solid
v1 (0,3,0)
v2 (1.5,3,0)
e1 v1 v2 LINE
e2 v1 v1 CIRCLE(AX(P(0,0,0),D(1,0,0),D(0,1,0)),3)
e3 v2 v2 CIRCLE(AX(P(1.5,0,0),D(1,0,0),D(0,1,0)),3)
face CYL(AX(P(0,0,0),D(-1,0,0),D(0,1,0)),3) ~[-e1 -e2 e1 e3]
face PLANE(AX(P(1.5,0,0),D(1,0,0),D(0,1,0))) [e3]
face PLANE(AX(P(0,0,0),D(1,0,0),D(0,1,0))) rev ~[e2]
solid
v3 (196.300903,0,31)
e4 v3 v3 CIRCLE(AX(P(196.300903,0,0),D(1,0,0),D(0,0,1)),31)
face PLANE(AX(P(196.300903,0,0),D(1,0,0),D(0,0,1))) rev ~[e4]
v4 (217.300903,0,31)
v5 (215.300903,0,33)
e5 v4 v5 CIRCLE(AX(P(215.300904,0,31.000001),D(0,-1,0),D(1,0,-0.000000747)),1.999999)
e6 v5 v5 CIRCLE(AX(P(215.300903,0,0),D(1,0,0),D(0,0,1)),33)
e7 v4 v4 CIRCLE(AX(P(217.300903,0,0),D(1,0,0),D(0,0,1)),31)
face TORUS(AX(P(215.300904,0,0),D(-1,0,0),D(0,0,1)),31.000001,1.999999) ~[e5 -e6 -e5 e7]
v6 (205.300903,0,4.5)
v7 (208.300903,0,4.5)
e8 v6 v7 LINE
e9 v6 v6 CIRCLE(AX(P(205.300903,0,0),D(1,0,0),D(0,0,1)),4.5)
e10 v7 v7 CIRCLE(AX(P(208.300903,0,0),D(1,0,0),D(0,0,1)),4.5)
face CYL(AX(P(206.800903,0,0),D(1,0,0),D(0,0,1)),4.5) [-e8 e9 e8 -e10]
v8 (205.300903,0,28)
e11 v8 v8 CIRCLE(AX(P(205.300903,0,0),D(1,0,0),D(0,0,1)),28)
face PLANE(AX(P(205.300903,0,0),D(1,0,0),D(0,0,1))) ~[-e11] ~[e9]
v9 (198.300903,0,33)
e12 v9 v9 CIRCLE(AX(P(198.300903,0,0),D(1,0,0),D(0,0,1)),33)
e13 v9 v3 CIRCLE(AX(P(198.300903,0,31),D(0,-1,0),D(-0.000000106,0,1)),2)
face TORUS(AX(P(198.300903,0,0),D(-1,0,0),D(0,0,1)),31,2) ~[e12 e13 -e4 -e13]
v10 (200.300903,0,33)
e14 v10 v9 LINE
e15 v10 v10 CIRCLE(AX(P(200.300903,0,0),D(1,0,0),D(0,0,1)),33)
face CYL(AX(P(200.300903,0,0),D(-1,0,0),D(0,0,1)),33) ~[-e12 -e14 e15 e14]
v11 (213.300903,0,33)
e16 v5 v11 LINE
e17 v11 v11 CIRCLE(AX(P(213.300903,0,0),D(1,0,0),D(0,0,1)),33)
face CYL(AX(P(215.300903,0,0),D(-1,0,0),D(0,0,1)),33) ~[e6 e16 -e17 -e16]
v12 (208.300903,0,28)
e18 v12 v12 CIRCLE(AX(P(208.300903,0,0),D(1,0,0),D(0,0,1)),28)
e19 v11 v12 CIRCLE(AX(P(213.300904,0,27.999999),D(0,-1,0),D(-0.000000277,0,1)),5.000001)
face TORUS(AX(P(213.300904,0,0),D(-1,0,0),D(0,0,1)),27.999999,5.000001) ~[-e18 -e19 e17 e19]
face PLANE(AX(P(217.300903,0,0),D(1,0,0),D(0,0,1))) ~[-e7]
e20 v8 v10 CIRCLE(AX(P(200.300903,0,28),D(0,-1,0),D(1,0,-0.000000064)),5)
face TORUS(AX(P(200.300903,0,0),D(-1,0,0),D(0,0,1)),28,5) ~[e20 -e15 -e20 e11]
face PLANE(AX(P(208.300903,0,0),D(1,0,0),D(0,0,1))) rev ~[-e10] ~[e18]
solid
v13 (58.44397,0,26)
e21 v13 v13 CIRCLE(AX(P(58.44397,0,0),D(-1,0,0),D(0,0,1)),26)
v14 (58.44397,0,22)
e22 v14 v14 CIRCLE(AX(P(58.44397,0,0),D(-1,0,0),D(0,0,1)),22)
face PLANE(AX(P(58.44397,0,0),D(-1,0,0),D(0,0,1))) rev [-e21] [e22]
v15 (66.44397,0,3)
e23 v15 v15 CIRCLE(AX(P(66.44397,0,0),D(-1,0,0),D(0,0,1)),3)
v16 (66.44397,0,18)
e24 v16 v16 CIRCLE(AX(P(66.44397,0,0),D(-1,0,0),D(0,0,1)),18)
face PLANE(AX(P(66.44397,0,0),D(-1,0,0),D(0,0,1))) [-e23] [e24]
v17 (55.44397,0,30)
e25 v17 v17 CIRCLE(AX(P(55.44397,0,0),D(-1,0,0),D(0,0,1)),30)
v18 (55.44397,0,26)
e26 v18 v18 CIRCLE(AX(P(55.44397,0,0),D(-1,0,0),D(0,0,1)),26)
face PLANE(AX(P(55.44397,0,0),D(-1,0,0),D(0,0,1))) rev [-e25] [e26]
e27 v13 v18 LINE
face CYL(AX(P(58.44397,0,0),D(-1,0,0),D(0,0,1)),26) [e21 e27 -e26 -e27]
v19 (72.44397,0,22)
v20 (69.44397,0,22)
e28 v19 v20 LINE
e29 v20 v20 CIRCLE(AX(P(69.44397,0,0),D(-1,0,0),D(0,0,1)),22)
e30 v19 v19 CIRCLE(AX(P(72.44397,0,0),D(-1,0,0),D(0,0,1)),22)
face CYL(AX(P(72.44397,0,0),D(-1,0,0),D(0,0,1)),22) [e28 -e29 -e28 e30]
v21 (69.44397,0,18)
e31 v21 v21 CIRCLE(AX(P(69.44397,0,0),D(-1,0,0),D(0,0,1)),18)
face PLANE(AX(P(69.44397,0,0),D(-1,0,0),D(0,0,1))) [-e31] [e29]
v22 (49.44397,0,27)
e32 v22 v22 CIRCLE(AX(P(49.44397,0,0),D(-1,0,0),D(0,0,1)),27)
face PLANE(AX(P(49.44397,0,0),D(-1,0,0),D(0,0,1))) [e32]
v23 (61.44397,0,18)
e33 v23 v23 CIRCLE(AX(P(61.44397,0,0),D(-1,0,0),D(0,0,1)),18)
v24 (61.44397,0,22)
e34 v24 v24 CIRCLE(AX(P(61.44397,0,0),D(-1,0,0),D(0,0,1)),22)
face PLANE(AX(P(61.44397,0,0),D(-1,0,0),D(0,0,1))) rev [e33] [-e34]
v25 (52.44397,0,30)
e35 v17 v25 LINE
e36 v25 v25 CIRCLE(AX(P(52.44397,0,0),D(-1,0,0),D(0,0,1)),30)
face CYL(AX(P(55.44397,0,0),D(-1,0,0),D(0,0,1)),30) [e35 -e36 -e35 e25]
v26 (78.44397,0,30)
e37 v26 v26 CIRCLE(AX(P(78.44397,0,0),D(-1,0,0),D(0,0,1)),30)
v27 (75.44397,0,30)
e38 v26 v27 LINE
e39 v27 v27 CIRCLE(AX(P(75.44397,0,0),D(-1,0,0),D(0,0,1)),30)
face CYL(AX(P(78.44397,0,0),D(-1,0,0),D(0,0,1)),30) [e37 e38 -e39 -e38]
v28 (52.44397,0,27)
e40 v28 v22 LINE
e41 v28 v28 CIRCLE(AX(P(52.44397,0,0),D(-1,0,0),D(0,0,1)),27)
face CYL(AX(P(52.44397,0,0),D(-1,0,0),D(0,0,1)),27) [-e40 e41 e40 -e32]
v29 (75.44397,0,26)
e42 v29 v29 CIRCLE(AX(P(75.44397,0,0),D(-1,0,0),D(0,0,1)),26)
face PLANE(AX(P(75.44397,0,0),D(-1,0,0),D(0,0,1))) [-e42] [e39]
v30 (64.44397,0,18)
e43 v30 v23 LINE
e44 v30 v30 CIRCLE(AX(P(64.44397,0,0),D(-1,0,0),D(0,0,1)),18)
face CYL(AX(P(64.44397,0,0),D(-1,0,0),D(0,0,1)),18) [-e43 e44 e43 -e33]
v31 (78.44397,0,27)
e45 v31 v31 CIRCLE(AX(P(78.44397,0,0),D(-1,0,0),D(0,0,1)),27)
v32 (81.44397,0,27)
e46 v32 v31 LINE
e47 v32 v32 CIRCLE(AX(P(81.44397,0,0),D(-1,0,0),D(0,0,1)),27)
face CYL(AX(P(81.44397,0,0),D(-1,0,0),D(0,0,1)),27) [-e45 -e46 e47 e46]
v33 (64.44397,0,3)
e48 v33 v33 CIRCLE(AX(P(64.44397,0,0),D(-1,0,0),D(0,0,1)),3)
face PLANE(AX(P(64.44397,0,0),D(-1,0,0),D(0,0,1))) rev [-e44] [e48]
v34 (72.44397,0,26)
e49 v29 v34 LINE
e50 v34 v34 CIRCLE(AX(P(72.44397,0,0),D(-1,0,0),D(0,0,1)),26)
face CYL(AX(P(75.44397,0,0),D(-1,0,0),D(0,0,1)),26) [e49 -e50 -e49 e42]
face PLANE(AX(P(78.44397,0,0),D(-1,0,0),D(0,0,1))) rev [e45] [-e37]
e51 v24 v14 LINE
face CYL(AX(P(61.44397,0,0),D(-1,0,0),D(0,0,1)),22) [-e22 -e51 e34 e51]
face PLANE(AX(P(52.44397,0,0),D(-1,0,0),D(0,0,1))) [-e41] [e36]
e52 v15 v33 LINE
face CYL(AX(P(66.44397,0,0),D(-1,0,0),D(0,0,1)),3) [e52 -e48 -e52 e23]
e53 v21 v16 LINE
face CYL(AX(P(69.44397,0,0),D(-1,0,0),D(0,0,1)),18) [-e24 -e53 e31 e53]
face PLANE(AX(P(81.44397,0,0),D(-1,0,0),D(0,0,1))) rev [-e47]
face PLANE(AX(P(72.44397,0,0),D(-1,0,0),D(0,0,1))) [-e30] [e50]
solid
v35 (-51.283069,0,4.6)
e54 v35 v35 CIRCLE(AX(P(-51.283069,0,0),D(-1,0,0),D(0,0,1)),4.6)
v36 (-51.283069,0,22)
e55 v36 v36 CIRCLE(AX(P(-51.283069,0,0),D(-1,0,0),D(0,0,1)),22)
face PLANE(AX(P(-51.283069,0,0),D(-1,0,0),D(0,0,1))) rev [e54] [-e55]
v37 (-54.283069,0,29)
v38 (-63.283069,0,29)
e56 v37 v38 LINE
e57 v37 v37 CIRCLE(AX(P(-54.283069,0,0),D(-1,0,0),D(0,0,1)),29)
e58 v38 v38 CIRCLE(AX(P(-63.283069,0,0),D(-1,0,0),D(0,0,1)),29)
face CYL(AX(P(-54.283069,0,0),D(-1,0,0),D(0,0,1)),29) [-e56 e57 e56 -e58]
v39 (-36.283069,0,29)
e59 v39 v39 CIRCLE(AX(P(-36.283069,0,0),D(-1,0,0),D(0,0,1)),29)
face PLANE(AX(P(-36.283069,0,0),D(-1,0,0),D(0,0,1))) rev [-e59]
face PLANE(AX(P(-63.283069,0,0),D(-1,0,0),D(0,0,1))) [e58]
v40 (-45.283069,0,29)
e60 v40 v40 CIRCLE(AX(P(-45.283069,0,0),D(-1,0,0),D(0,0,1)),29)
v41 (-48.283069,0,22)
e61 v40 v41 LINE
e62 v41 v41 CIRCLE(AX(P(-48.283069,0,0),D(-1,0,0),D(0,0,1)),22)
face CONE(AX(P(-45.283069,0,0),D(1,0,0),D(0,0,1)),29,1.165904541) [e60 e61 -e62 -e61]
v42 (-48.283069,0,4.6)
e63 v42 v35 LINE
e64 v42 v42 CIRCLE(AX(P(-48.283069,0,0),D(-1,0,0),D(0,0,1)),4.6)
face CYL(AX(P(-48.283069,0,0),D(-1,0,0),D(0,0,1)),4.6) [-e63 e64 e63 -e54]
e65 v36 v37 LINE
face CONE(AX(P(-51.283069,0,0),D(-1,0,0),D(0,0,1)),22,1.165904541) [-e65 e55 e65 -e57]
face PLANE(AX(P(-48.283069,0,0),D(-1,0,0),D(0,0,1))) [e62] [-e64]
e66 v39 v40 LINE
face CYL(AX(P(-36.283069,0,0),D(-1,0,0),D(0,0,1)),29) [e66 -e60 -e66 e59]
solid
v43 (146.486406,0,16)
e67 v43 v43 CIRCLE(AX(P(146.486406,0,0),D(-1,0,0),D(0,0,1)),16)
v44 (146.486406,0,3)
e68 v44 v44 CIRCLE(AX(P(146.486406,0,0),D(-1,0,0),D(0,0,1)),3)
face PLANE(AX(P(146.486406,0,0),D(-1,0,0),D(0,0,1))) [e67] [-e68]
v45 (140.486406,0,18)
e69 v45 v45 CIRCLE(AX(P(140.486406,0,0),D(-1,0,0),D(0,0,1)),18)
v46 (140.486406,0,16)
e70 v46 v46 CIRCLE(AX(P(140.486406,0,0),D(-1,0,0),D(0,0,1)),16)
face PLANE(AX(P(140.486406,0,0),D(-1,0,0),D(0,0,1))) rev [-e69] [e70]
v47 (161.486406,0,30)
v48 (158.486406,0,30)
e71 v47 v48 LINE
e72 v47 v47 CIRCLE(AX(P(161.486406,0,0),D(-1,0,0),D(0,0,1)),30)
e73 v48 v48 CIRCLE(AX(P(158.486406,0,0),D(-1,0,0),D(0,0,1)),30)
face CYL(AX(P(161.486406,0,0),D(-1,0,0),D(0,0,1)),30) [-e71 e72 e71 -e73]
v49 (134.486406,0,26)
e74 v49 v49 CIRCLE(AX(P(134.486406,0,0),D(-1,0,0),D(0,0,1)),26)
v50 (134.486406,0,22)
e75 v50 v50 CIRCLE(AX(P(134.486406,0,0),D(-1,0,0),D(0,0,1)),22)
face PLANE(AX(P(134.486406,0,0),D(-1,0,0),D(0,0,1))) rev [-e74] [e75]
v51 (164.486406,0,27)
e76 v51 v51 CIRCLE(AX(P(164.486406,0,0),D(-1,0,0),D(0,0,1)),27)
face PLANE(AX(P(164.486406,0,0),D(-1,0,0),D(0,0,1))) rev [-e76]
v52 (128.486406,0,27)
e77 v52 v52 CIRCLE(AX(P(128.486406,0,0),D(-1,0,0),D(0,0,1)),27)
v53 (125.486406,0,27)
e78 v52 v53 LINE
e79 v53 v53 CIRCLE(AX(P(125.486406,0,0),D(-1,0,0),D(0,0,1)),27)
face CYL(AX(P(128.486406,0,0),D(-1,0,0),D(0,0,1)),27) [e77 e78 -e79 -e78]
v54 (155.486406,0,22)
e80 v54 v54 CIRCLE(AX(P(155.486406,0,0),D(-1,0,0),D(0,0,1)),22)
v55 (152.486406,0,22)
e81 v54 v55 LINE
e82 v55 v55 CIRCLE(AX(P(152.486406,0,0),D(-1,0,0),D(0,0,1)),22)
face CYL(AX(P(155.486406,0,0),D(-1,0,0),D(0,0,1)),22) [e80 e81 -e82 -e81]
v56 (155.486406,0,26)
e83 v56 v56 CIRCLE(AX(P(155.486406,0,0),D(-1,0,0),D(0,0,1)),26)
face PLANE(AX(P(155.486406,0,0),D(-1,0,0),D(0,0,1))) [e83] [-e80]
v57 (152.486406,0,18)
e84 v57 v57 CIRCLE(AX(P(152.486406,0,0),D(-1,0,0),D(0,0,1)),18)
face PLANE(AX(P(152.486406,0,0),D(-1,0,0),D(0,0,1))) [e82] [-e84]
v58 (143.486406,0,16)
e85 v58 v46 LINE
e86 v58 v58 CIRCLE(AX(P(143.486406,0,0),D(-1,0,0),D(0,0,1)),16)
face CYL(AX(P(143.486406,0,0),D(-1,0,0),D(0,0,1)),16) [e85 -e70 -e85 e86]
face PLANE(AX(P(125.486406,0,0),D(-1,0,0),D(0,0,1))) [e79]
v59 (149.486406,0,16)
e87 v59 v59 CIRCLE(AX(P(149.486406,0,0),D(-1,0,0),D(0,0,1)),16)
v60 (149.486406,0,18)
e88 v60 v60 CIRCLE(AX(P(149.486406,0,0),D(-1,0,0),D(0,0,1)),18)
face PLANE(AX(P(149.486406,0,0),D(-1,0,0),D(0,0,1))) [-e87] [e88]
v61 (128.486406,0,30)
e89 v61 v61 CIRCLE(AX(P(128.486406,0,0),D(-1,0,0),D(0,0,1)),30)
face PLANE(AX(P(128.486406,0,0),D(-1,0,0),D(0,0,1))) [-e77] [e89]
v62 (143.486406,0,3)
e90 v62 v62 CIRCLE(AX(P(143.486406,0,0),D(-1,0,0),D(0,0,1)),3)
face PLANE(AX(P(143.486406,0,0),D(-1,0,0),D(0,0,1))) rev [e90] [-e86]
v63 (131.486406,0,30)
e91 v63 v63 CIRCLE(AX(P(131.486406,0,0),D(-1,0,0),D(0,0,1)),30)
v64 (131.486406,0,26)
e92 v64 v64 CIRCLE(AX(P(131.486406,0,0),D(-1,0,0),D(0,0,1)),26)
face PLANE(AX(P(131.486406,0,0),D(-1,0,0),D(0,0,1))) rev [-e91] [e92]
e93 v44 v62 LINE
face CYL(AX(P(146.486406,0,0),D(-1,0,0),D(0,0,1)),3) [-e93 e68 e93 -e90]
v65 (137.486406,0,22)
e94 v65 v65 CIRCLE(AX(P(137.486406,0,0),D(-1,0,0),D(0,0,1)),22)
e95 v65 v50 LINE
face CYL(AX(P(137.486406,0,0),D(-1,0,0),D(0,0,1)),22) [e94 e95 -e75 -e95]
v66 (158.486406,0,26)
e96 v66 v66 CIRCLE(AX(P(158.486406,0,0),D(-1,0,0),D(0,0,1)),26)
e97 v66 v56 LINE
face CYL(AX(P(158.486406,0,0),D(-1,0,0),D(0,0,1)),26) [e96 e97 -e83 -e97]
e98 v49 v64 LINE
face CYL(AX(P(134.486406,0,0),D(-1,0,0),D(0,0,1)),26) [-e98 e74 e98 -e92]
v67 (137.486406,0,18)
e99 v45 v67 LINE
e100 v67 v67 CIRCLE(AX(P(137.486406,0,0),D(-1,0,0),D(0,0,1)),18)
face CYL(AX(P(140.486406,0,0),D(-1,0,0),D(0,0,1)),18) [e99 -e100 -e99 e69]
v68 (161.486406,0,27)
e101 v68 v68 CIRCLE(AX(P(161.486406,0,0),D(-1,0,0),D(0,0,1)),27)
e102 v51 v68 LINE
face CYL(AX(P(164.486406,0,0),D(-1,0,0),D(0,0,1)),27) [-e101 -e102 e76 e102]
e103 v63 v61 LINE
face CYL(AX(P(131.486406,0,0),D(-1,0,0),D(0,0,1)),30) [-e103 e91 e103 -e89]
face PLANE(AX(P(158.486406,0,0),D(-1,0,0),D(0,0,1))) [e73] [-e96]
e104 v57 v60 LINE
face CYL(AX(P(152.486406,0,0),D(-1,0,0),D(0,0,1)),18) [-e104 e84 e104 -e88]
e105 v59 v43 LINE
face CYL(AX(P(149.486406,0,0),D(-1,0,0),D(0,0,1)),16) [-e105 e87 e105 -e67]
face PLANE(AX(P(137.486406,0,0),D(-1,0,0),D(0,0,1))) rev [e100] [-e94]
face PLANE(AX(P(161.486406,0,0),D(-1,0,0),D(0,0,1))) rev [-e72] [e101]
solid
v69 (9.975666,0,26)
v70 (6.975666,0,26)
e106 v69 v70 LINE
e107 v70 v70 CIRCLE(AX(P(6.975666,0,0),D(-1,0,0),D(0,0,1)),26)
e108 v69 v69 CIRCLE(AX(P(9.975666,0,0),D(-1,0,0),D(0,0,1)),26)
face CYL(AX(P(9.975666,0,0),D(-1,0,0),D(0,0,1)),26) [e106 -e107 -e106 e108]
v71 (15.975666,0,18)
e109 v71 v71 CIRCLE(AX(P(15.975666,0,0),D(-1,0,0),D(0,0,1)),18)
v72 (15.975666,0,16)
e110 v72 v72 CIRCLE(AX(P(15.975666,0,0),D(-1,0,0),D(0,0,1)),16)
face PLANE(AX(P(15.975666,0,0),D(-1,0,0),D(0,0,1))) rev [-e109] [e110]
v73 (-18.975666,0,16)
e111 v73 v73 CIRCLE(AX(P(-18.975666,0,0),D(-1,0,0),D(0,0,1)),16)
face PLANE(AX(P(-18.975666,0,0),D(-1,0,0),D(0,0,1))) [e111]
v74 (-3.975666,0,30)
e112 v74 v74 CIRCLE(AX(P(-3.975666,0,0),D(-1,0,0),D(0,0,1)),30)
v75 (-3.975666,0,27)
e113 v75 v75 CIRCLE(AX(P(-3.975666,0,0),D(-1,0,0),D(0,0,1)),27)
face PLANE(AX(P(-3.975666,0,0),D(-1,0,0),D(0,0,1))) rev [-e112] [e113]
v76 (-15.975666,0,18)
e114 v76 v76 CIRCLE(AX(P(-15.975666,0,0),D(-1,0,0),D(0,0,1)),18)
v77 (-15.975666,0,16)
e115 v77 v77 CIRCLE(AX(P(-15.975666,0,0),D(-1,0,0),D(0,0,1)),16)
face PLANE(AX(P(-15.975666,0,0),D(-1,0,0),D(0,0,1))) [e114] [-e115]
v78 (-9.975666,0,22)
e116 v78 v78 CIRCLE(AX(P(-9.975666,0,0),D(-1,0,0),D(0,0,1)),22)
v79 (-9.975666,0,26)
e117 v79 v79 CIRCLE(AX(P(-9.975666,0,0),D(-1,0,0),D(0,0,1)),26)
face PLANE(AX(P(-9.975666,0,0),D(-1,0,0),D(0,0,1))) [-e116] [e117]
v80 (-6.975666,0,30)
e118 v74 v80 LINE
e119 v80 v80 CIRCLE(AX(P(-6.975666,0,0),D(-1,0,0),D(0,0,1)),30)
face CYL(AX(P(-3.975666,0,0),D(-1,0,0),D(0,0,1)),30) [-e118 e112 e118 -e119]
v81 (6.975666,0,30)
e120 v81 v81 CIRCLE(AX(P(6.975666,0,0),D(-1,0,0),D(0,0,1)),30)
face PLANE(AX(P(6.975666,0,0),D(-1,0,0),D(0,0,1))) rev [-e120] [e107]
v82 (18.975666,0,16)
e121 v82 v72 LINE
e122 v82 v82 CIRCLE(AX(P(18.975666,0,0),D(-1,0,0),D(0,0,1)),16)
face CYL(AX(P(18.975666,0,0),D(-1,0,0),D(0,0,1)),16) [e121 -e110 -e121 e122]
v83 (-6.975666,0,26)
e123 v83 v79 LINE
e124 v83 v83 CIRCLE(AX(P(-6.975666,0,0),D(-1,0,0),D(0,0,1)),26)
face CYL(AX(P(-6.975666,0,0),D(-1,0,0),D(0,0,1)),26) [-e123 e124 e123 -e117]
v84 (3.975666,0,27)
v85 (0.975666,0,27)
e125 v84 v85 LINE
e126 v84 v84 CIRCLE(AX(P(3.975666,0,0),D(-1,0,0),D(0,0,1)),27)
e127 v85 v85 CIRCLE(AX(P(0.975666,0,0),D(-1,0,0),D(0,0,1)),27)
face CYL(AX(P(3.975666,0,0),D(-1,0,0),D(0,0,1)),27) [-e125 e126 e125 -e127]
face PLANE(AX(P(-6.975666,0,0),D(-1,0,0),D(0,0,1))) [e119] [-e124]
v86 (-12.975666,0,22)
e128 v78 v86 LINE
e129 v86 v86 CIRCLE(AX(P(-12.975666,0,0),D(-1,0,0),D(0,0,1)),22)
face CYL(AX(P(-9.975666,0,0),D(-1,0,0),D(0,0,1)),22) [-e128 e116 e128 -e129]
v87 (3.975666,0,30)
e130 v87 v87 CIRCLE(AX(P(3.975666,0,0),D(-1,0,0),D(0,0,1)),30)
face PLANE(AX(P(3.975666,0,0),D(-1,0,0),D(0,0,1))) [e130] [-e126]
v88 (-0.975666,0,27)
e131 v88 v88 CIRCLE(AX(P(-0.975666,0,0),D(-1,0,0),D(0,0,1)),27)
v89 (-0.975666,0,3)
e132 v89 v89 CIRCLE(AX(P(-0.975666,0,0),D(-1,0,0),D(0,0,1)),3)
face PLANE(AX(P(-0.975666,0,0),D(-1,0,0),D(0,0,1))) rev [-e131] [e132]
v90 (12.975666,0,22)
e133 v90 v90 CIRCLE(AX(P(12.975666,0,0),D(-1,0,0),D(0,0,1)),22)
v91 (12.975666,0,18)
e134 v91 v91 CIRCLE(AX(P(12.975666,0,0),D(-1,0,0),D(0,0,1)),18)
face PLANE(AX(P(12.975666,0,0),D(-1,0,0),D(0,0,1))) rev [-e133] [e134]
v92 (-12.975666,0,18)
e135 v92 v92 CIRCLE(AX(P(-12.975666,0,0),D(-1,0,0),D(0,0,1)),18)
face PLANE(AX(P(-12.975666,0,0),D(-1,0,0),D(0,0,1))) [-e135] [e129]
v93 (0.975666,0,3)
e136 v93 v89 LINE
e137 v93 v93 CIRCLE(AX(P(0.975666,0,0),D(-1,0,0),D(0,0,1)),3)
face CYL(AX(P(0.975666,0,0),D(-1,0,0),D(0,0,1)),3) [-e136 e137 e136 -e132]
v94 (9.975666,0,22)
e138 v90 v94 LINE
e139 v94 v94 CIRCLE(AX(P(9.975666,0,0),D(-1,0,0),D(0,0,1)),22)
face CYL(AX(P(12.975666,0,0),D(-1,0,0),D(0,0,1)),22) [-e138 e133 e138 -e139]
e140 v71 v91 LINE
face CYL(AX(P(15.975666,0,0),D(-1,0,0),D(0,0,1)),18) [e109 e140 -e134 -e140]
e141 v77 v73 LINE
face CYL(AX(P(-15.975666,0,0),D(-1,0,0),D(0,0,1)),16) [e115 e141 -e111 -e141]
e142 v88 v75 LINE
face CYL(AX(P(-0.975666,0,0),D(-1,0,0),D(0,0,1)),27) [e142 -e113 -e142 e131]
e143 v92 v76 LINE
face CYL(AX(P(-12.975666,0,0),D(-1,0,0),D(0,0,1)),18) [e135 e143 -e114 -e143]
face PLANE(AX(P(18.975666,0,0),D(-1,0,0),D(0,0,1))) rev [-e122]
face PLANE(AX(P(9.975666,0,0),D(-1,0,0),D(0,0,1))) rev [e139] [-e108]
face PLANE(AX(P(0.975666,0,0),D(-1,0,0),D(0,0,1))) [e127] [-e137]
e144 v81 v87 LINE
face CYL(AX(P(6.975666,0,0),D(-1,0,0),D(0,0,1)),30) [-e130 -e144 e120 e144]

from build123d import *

# Parameters (mm, degrees)
F0_R     = 3
F1_DEPTH = 1.5
F2_W     = 1
F2_H     = 3
F2_W_2   = 1.5
F6_W     = 3
F6_H     = 4.5


with BuildPart() as f1:
    # F0 (on Right) → F1 (new body)
    with BuildSketch(Plane.YZ):
        Circle(F0_R)
    extrude(amount=F1_DEPTH)


with BuildPart() as f3:
    # F2 (on Front) → F3 (revolve)
    with BuildSketch(Plane.XZ):
        Polygon((0.024334, 3), (-0.024334, 3), (0, 0), align=None)
        Polygon((0.975666, 3), (0.024334, 3), (0, 0), (15.975666, 0), (18.975666, 0), (18.975666, 16), (15.975666, 16), (15.975666, 18), (12.975666, 18), (12.975666, 22), (9.975666, 22), (9.975666, 26), (6.975666, 26), (6.975666, 30), (3.975666, 30), (3.975666, 27), (0.975666, 27), align=None)
        Polygon((0, 0), (-0.024334, 3), (-0.975666, 3), (-0.975666, 27), (-3.975666, 27), (-3.975666, 30), (-6.975666, 30), (-6.975666, 26), (-9.975666, 26), (-9.975666, 22), (-12.975666, 22), (-12.975666, 18), (-15.975666, 18), (-15.975666, 16), (-18.975666, 16), (-18.975666, 0), (-15.986754, 0), (-15.975666, 0), align=None)
        with Locations((65.94397, 1.5)):
            Rectangle(F2_W, F2_H)
        with Locations((64.94397, 1.5)):
            Rectangle(F2_W, F2_H)
        Polygon((49.44397, 3), (49.44397, 0), (64.44397, 0), (64.44397, 3), (64.44397, 18), (61.44397, 18), (61.44397, 22), (58.44397, 22), (58.44397, 26), (55.44397, 26), (55.44397, 30), (52.44397, 30), (52.44397, 27), (49.44397, 27), align=None)
        Polygon((66.44397, 3), (66.44397, 0), (81.44397, 0), (81.44397, 3), (81.44397, 27), (78.44397, 27), (78.44397, 30), (75.44397, 30), (75.44397, 26), (72.44397, 26), (72.44397, 22), (69.44397, 22), (69.44397, 18), (66.44397, 18), align=None)
        with Locations((144.236406, 1.5)):
            Rectangle(F2_W_2, F2_H)
        Polygon((164.486406, 3), (164.486406, 27), (161.486406, 27), (161.486406, 30), (158.486406, 30), (158.486406, 26), (155.486406, 26), (155.486406, 22), (152.486406, 22), (152.486406, 18), (149.486406, 18), (149.486406, 16), (146.486406, 16), (146.486406, 3), (146.486406, 0), (164.486406, 0), align=None)
        Polygon((125.486406, 0), (143.486406, 0), (143.486406, 3), (143.486406, 16), (140.486406, 16), (140.486406, 18), (137.486406, 18), (137.486406, 22), (134.486406, 22), (134.486406, 26), (131.486406, 26), (131.486406, 30), (128.486406, 30), (128.486406, 27), (125.486406, 27), (125.486406, 3), align=None)
        with Locations((145.736406, 1.5)):
            Rectangle(F2_W_2, F2_H)
    revolve(axis=Axis((7.987833, 0, 0), (-1, 0, 0)))


with BuildPart() as f5:
    # F4 (on Front) → F5 (revolve)
    with BuildSketch(Plane.XZ):
        Polygon((-49.783069, 4.6), (-49.783069, 0), (-36.283069, 0), (-36.283069, 29), (-39.283069, 29), (-40.883069, 29), (-42.283069, 29), (-45.283069, 29), (-48.283069, 22), (-48.283069, 15.622), (-48.283069, 4.6), align=None)
        Polygon((-63.283069, 0), (-49.783069, 0), (-49.783069, 4.6), (-51.283069, 4.6), (-51.283069, 15.622), (-51.283069, 22), (-54.283069, 29), (-57.283069, 29), (-58.683069, 29), (-60.283069, 29), (-63.283069, 29), align=None)
    revolve(axis=Axis((-43.033069, 0, 0), (-1, 0, 0)))


with BuildPart() as f7:
    # F6 (on Front) → F7 (revolve)
    with BuildSketch(Plane.XZ):
        with BuildLine():
            Line((196.300903, 0), (205.300903, 0))
            Line((205.300903, 0), (205.300903, 4.5))
            Line((205.300903, 4.5), (205.300903, 28))
            ThreePointArc((205.300903, 28), (203.836437, 31.535534), (200.300903, 33))
            Line((200.300903, 33), (198.300903, 33))
            ThreePointArc((198.300903, 33), (196.88669, 32.414214), (196.300903, 31))
            Line((196.300903, 31), (196.300903, 0))
        make_face()
        with Locations((206.800903, 2.25)):
            Rectangle(F6_W, F6_H)
        with BuildLine():
            Line((208.300903, 4.5), (208.300903, 0))
            Line((208.300903, 0), (217.300903, 0))
            Line((217.300903, 0), (217.300903, 31))
            ThreePointArc((217.300903, 31), (216.715117, 32.414214), (215.300903, 33))
            Line((215.300903, 33), (213.300903, 33))
            ThreePointArc((213.300903, 33), (209.76537, 31.535534), (208.300903, 28))
            Line((208.300903, 28), (208.300903, 4.5))
        make_face()
    revolve(axis=Axis((206.800903, 0, 0), (1, 0, 0)))


solid = Compound([f1.part, f3.part, f5.part, f7.part])
